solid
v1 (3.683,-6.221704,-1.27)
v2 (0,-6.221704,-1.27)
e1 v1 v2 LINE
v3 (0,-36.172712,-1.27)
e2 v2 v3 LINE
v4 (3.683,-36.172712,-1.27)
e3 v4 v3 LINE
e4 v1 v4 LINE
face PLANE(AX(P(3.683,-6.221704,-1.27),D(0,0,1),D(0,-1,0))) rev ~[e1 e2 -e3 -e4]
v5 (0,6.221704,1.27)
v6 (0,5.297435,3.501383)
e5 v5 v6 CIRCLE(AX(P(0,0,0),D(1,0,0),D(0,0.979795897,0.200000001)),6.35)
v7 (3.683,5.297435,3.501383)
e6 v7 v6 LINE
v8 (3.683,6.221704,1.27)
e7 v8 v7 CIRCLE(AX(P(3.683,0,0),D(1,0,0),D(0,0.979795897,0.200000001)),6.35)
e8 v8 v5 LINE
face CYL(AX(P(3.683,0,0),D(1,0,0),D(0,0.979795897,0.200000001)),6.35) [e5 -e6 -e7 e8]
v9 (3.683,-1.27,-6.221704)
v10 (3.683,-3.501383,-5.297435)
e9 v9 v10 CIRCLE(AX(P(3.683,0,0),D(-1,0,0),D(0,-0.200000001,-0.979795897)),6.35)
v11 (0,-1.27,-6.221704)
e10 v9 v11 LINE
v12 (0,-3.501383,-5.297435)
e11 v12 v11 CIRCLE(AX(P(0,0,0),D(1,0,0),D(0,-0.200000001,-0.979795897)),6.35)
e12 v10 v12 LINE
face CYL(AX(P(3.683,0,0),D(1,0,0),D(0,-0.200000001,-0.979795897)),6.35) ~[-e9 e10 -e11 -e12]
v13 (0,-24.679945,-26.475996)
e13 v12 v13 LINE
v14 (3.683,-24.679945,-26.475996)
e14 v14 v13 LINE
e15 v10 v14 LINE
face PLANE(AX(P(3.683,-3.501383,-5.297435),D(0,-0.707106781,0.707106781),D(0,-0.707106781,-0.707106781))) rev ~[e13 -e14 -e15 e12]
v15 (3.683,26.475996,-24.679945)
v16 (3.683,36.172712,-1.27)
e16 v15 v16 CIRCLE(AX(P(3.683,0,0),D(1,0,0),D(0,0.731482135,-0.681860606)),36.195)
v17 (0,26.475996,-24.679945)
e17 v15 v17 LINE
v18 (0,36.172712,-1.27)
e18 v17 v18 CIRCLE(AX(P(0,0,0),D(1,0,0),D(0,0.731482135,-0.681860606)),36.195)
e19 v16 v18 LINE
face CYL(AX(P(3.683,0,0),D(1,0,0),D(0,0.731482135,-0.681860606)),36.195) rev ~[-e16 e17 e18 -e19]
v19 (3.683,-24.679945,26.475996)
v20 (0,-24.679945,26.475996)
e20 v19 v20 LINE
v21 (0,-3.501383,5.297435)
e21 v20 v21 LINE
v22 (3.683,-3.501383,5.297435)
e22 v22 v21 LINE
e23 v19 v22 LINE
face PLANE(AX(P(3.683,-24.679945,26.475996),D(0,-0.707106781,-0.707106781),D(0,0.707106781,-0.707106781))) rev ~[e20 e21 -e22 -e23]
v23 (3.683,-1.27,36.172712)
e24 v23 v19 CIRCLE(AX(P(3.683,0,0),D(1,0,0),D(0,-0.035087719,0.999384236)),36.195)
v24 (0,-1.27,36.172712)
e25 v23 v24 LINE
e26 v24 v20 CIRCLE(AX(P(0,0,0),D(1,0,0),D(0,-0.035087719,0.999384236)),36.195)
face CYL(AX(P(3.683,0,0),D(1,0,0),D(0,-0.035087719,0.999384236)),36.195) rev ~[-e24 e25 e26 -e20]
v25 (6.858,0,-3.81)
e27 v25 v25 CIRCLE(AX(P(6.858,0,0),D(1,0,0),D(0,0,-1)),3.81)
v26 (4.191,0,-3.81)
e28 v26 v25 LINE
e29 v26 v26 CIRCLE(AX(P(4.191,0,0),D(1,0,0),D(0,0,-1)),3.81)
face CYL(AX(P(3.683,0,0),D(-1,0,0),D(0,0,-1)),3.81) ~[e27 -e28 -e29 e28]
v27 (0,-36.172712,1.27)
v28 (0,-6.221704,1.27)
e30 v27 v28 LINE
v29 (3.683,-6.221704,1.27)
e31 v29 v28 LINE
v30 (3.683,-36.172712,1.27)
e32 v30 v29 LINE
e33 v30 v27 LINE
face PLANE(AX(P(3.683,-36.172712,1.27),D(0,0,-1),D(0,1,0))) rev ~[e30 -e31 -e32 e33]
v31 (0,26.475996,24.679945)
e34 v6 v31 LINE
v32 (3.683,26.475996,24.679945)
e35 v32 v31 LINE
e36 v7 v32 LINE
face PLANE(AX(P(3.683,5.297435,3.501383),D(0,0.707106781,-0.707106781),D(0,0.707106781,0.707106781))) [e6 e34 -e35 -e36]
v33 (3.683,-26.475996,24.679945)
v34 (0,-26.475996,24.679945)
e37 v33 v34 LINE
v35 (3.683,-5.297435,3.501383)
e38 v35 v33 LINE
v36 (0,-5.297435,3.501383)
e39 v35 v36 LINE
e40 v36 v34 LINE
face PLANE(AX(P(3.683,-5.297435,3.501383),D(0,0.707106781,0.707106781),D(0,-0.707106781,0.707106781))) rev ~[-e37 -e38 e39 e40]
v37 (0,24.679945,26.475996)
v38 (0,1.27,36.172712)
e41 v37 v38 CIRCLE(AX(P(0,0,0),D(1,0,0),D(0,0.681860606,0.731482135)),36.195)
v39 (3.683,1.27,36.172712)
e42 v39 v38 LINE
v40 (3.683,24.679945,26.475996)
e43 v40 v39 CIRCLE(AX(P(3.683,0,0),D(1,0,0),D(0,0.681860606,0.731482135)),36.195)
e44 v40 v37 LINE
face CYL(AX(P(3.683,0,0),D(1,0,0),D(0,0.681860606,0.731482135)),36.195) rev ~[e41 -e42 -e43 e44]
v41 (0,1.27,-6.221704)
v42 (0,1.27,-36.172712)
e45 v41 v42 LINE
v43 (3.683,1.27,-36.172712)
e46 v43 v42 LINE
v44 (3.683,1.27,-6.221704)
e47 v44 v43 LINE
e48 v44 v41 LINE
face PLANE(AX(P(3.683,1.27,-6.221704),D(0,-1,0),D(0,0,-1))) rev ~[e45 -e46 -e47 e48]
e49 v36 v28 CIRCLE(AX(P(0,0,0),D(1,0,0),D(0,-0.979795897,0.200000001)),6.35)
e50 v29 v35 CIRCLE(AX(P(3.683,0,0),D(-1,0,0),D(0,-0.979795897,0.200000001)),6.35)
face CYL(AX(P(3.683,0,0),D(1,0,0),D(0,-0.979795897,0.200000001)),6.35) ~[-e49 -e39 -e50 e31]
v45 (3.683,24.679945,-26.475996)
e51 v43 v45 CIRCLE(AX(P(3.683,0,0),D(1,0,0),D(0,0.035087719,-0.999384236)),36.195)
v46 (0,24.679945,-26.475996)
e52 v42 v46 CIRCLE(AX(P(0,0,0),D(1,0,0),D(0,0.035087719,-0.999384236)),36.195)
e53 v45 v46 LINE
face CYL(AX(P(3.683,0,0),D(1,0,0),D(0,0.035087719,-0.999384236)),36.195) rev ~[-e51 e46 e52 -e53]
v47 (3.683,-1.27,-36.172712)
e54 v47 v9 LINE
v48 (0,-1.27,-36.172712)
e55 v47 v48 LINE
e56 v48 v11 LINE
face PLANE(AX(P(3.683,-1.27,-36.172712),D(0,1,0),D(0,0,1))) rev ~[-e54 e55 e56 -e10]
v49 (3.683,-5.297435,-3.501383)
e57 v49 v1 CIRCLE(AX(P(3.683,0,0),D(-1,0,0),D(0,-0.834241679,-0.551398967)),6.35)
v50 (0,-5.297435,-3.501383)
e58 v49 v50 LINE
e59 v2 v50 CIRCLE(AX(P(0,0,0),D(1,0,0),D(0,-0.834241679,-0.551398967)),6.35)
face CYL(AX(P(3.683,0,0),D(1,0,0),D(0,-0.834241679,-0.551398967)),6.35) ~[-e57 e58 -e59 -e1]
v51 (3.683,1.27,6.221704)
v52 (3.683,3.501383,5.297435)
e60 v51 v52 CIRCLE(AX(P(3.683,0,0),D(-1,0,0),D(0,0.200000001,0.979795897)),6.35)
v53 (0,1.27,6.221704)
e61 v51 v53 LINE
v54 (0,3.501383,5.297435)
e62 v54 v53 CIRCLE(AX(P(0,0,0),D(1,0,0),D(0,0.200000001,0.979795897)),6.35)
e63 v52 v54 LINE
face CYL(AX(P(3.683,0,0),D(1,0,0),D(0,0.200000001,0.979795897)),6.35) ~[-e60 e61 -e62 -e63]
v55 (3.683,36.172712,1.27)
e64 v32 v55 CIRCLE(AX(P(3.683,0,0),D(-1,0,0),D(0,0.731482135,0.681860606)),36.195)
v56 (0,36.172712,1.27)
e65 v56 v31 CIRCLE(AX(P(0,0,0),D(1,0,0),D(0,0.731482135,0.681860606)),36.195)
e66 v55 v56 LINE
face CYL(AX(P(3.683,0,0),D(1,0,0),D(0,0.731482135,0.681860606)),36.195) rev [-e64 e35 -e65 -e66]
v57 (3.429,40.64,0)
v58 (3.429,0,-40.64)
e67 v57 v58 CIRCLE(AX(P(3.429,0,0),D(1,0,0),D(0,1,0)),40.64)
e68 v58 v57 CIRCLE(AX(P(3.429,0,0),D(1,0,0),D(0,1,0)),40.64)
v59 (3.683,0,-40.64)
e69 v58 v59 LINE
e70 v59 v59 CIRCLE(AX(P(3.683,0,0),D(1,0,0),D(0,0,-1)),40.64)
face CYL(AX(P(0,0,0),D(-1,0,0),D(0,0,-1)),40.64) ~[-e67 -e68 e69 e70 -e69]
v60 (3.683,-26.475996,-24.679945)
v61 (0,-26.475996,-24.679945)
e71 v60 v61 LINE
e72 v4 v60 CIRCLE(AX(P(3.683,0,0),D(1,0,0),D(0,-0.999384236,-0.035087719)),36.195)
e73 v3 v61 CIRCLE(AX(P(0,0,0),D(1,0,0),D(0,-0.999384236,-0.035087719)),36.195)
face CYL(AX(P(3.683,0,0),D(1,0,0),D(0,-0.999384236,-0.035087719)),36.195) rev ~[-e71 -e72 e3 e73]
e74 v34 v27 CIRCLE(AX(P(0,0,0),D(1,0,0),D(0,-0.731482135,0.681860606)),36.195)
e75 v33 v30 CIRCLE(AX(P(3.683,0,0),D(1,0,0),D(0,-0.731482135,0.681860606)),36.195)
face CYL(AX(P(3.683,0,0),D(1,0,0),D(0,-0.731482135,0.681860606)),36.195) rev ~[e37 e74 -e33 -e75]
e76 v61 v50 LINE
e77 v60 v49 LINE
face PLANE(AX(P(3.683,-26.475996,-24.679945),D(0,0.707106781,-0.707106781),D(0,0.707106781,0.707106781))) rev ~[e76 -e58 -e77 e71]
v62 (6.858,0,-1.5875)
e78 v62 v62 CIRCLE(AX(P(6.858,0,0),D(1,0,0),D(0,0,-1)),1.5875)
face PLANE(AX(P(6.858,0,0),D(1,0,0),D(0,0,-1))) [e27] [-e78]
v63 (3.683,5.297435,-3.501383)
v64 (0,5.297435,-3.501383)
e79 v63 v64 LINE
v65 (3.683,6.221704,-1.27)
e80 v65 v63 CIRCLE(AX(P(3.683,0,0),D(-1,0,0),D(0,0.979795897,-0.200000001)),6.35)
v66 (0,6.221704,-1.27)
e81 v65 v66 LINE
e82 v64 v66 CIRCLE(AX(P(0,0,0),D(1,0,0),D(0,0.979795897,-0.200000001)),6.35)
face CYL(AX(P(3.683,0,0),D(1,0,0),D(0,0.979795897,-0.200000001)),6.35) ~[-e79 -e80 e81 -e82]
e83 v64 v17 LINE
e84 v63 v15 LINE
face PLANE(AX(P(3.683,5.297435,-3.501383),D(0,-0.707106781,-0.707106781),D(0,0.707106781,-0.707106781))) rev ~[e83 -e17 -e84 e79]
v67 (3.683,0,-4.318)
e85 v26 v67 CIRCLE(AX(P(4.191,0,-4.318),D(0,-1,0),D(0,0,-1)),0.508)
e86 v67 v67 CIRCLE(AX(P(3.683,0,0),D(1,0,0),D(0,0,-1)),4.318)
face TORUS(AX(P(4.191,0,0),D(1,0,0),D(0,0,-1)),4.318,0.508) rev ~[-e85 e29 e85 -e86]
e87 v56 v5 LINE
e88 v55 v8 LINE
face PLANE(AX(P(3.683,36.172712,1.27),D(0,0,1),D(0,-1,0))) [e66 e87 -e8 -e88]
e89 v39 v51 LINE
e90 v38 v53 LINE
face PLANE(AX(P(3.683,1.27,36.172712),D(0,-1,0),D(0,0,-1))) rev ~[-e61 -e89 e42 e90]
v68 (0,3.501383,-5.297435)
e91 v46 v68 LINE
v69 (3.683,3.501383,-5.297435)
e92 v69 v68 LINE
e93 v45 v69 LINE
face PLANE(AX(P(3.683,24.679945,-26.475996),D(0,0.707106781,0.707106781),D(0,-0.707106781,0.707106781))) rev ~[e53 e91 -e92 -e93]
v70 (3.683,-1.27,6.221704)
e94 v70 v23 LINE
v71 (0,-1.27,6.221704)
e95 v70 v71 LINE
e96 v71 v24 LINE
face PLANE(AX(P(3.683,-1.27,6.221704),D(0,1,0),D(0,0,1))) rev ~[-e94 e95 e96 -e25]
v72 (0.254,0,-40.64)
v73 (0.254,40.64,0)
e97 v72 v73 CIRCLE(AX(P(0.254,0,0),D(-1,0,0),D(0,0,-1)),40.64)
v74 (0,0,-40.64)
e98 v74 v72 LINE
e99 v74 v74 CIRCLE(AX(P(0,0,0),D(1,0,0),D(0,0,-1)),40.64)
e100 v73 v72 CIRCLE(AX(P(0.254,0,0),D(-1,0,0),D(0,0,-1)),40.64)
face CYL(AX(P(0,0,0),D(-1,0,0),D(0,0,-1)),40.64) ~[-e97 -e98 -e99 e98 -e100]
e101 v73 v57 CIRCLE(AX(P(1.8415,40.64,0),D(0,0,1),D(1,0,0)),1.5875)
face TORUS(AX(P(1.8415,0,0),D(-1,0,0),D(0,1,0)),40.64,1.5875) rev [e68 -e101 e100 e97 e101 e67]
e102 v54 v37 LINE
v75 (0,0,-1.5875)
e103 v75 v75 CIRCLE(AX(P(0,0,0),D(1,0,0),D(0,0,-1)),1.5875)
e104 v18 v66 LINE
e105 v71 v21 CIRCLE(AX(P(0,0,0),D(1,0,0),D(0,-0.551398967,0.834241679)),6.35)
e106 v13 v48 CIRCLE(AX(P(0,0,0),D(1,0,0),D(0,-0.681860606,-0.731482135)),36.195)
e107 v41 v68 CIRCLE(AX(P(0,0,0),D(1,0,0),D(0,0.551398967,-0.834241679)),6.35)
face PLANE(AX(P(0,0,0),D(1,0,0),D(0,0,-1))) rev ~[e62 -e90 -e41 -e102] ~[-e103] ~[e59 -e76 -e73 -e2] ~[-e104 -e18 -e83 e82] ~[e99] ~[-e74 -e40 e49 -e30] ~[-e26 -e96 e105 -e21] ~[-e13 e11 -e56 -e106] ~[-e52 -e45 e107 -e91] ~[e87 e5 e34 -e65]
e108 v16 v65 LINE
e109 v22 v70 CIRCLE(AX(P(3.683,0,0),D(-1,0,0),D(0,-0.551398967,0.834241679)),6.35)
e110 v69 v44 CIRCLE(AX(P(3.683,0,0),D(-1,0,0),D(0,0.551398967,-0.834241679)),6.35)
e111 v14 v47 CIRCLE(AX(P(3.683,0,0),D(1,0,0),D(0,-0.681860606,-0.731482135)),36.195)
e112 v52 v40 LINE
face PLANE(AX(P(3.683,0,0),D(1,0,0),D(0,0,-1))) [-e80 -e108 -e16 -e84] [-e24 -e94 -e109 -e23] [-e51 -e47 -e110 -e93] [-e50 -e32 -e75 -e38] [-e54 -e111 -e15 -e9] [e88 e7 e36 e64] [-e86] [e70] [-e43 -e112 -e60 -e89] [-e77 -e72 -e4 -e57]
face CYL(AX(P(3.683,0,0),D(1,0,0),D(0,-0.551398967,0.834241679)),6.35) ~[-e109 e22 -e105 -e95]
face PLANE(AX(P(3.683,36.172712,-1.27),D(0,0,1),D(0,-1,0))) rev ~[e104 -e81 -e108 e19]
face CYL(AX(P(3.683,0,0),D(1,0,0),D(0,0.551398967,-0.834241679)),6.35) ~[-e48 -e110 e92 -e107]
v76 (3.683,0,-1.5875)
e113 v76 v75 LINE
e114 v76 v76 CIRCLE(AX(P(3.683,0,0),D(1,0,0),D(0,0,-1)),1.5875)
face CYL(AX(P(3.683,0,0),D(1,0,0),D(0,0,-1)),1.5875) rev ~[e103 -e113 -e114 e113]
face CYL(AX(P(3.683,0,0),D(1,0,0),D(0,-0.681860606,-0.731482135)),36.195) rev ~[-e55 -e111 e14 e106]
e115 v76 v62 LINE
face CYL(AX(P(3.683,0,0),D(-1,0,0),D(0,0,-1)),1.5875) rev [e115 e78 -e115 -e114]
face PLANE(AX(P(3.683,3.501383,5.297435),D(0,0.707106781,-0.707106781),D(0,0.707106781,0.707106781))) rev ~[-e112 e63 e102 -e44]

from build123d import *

# Parameters (mm, degrees)
SKETCH1_R           = 40.64
BOSS_EXTRUDE1_DEPTH = 3.683
SKETCH10_R          = 1.5875
CUT_EXTRUDE3_DEPTH  = 4.683
SKETCH12_R          = 1.5875
CUT_EXTRUDE4_DEPTH  = 4.683
SKETCH13_R          = 3.81
SKETCH13_R_2        = 1.5875
BOSS_EXTRUDE2_DEPTH = 3.175
FILLET1_R           = 0.508


with BuildPart() as part:
    # Sketch1 → Boss-Extrude1 (new body)
    with BuildSketch(Plane(origin=(0, 0, 0), x_dir=(0, 0, -1), z_dir=(1, 0, 0))):
        Circle(SKETCH1_R)
    extrude(amount=BOSS_EXTRUDE1_DEPTH)

    # Sketch10 → Cut-Revolve1 (revolve, cut)
    with BuildSketch(Plane.XY):
        with Locations((1.8415, 40.64)):
            Circle(SKETCH10_R)
    revolve(axis=Axis((-1.01619145, 0, 0), (1, 0, 0)), mode=Mode.SUBTRACT)

    # Sketch11 → Cut-Extrude3 (cut, through all)
    with BuildSketch(Plane(origin=(3.683, 0, 0), x_dir=(0, 0, -1), z_dir=(1, 0, 0))):
        with BuildLine():
            Line((-1.27, 36.172712436), (-1.27, 6.221703947))
            ThreePointArc((-1.27, 6.221703947), (-2.430039796, 5.866635031), (-3.501383439, 5.297434663))
            Line((-3.501383439, 5.297434663), (-24.679944646, 26.47599587))
            ThreePointArc((-24.679944646, 26.47599587), (-13.851226834, 33.439819679), (-1.27, 36.172712436))
        make_face()
        with BuildLine():
            Line((1.27, 36.172712436), (1.27, 6.221703947))
            ThreePointArc((1.27, 6.221703947), (2.430039796, 5.866635031), (3.501383439, 5.297434663))
            Line((3.501383439, 5.297434663), (24.679944646, 26.47599587))
            ThreePointArc((24.679944646, 26.47599587), (13.851226834, 33.439819679), (1.27, 36.172712436))
        make_face()
        with BuildLine():
            Line((26.47599587, 24.679944646), (5.297434663, 3.501383439))
            ThreePointArc((5.297434663, 3.501383439), (5.866635031, 2.430039796), (6.221703947, 1.27))
            Line((6.221703947, 1.27), (36.172712436, 1.27))
            ThreePointArc((36.172712436, 1.27), (33.439819679, 13.851226834), (26.47599587, 24.679944646))
        make_face()
        with BuildLine():
            Line((36.172712436, -1.27), (6.221703947, -1.27))
            ThreePointArc((6.221703947, -1.27), (5.866635031, -2.430039796), (5.297434663, -3.501383439))
            Line((5.297434663, -3.501383439), (26.47599587, -24.679944646))
            ThreePointArc((26.47599587, -24.679944646), (33.439819679, -13.851226834), (36.172712436, -1.27))
        make_face()
        with BuildLine():
            Line((24.679944646, -26.47599587), (3.501383439, -5.297434663))
            ThreePointArc((3.501383439, -5.297434663), (2.430039796, -5.866635031), (1.27, -6.221703947))
            Line((1.27, -6.221703947), (1.27, -36.172712436))
            ThreePointArc((1.27, -36.172712436), (13.851226834, -33.439819679), (24.679944646, -26.47599587))
        make_face()
        with BuildLine():
            Line((-1.27, -36.172712436), (-1.27, -6.221703947))
            ThreePointArc((-1.27, -6.221703947), (-2.430039796, -5.866635031), (-3.501383439, -5.297434663))
            Line((-3.501383439, -5.297434663), (-24.679944646, -26.47599587))
            ThreePointArc((-24.679944646, -26.47599587), (-13.851226834, -33.439819679), (-1.27, -36.172712436))
        make_face()
        with BuildLine():
            Line((-26.47599587, -24.679944646), (-5.297434663, -3.501383439))
            ThreePointArc((-5.297434663, -3.501383439), (-5.866635031, -2.430039796), (-6.221703947, -1.27))
            Line((-6.221703947, -1.27), (-36.172712436, -1.27))
            ThreePointArc((-36.172712436, -1.27), (-33.439819679, -13.851226834), (-26.47599587, -24.679944646))
        make_face()
        with BuildLine():
            Line((-36.172712436, 1.27), (-6.221703947, 1.27))
            ThreePointArc((-6.221703947, 1.27), (-5.866635031, 2.430039796), (-5.297434663, 3.501383439))
            Line((-5.297434663, 3.501383439), (-26.47599587, 24.679944646))
            ThreePointArc((-26.47599587, 24.679944646), (-33.439819679, 13.851226834), (-36.172712436, 1.27))
        make_face()
    extrude(amount=-CUT_EXTRUDE3_DEPTH, mode=Mode.SUBTRACT)

    # Sketch12 → Cut-Extrude4 (cut, through all)
    with BuildSketch(Plane(origin=(3.683, 0, 0), x_dir=(0, 0, -1), z_dir=(1, 0, 0))):
        Circle(SKETCH12_R)
    extrude(amount=-CUT_EXTRUDE4_DEPTH, mode=Mode.SUBTRACT)

    # Sketch13 → Boss-Extrude2 (add)
    with BuildSketch(Plane(origin=(3.683, 0, 0), x_dir=(0, 0, -1), z_dir=(1, 0, 0))):
        Circle(SKETCH13_R)
        Circle(SKETCH13_R_2, mode=Mode.SUBTRACT)
    extrude(amount=BOSS_EXTRUDE2_DEPTH)

    # Fillet1
    fillet1_edges = [part.edges().sort_by_distance(p)[0] for p in [
        (3.683, 0, 3.81),
    ]]
    fillet(fillet1_edges, radius=FILLET1_R)


solid = part.part
